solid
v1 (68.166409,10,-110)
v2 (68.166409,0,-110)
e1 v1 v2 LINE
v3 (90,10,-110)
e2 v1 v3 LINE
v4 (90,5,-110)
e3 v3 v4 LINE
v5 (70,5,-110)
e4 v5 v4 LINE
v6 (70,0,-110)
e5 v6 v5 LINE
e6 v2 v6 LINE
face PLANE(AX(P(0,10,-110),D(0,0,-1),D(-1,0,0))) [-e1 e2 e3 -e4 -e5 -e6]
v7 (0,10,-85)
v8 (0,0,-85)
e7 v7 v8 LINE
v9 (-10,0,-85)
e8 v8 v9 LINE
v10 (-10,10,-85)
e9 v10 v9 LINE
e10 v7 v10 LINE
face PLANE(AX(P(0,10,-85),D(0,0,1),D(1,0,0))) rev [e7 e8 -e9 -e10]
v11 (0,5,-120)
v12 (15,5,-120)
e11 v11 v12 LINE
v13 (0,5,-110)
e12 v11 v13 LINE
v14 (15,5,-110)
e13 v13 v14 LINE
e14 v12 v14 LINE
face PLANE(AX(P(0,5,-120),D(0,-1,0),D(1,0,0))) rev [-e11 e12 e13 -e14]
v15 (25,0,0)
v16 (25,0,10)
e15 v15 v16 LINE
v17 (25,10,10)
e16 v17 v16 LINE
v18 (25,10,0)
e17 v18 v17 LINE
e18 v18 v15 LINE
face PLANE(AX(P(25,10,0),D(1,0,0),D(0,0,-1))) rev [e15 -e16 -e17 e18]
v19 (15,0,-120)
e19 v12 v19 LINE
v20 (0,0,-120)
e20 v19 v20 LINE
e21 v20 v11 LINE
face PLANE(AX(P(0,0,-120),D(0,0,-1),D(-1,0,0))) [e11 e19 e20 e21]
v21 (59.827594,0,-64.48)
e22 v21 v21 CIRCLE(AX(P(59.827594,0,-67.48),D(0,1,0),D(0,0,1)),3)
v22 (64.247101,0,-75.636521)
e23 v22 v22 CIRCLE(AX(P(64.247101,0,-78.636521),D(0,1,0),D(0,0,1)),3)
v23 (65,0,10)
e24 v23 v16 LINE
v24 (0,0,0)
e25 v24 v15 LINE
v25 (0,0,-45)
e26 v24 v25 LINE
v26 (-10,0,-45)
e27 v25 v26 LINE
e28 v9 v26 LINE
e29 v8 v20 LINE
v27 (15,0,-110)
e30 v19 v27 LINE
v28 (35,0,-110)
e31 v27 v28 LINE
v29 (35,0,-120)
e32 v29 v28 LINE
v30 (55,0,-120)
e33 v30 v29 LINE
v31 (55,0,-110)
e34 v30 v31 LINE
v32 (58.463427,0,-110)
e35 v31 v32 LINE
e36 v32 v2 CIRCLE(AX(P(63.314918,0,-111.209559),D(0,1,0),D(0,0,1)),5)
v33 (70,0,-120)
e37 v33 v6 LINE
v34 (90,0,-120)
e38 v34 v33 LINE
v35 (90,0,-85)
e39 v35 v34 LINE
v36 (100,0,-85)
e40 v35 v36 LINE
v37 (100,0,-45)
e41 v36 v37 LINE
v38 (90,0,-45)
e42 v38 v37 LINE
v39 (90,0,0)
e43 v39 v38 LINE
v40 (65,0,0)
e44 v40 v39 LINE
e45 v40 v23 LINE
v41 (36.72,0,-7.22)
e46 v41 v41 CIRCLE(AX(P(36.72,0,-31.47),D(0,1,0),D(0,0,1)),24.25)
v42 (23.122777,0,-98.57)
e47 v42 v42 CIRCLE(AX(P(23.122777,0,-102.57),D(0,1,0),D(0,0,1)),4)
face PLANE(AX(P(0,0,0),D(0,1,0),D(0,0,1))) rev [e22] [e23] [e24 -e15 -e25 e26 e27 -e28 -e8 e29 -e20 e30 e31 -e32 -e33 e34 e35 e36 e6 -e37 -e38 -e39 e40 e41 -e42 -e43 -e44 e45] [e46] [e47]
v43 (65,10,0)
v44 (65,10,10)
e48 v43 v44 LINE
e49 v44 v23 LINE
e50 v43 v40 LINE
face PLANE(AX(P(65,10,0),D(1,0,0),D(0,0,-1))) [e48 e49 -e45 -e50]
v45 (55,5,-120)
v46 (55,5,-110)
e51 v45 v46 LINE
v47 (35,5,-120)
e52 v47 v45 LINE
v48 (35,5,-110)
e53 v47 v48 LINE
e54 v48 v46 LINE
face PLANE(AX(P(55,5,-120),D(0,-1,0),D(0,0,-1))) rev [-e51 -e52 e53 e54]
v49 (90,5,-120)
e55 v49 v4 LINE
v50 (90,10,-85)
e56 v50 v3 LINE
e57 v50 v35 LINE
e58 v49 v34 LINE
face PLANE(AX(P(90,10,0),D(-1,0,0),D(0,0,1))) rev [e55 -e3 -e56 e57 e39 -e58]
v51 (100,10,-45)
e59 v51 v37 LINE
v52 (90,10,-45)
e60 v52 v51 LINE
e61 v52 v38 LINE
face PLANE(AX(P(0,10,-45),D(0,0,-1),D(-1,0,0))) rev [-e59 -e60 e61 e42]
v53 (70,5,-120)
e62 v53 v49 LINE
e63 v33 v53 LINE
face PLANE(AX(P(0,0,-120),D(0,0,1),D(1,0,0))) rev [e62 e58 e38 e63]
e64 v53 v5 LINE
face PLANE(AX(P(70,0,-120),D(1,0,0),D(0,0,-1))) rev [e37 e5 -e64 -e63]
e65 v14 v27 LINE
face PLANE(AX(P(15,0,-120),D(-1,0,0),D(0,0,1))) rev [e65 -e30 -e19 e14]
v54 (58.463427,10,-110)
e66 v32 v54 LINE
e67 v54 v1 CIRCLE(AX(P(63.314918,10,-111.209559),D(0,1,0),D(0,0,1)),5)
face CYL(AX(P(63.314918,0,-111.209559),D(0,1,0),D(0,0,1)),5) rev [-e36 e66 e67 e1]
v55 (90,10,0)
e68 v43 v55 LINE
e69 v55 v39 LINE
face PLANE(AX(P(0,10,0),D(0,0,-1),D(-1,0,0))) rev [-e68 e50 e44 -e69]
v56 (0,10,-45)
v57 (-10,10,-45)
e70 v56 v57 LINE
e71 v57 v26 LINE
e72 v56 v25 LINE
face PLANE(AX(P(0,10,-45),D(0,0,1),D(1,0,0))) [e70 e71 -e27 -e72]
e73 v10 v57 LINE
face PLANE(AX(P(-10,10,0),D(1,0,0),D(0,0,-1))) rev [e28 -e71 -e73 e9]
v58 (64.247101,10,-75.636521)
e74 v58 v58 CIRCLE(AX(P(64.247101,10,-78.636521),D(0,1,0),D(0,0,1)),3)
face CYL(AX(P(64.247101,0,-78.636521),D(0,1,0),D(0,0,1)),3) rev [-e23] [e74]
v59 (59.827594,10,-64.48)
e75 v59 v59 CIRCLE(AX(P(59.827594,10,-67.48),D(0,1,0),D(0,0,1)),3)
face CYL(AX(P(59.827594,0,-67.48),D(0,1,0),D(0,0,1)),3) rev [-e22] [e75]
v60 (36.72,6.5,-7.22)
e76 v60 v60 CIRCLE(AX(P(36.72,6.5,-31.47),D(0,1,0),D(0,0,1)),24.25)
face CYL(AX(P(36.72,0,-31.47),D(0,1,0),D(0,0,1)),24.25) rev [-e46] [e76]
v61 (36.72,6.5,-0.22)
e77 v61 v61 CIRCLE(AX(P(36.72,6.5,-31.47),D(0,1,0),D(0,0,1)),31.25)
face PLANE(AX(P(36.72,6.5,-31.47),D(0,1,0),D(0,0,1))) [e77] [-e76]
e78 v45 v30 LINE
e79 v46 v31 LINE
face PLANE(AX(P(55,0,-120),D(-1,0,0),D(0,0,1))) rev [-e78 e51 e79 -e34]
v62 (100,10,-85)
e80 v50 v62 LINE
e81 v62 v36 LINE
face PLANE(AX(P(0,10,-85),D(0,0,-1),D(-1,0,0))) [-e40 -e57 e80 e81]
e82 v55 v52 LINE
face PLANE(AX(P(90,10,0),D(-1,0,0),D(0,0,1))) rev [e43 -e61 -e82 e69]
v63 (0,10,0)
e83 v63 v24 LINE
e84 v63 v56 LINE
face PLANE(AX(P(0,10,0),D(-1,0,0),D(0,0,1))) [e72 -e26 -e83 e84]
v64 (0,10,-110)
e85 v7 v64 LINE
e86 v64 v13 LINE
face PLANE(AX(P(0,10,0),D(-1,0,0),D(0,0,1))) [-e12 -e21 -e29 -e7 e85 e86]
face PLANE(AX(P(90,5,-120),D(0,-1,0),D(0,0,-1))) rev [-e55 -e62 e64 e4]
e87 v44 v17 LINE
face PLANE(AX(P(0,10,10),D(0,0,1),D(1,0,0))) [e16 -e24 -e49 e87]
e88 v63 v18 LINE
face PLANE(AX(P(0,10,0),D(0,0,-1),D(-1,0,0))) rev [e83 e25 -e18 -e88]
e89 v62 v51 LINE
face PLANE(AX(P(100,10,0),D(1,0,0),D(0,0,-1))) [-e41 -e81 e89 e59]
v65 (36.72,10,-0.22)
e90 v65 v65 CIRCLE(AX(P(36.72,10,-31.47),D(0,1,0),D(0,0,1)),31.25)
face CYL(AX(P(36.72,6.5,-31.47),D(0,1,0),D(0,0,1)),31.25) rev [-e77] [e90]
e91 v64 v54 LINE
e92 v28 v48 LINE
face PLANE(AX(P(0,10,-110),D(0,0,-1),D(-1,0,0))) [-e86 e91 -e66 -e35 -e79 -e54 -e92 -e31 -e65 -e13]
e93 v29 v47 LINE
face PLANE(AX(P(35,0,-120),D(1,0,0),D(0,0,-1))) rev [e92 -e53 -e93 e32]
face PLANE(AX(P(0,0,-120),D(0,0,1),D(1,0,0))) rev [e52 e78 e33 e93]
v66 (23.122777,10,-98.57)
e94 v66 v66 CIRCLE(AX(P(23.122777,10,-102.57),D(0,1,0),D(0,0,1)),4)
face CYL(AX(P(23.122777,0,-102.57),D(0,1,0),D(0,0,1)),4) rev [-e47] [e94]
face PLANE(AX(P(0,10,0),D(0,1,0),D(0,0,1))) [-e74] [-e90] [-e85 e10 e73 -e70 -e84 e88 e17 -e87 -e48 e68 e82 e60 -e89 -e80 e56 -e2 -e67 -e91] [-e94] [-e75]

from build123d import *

# Parameters (mm, degrees)
SKETCH1_W           = 90
SKETCH1_H           = 110
SKETCH1_W_2         = 10
SKETCH1_H_2         = 40
SKETCH1_W_3         = 40
SKETCH1_H_3         = 10
BOSS_EXTRUDE1_DEPTH = 10
SKETCH2_R           = 4
CUT_EXTRUDE1_DEPTH  = 149.996644258
CUT_EXTRUDE2_DEPTH  = 149.996644258
SKETCH4_R           = 31.25
CUT_EXTRUDE3_DEPTH  = 3.5
SKETCH5_R           = 24.25
CUT_EXTRUDE4_DEPTH  = 149.802721749
SKETCH6_R           = 5
CUT_EXTRUDE5_DEPTH  = 149.996644258
SKETCH8_W           = 20
SKETCH8_H           = 5
SKETCH8_W_2         = 15
BOSS_EXTRUDE2_DEPTH = 10


with BuildPart() as part:
    # Sketch1 → Boss-Extrude1 (new body)
    with BuildSketch(Plane(origin=(0, 0, 0), x_dir=(1, 0, 0), z_dir=(0, 1, 0))):
        with Locations((45, 55)):
            Rectangle(SKETCH1_W, SKETCH1_H)
        with Locations((-5, 65)):
            Rectangle(SKETCH1_W_2, SKETCH1_H_2)
        with Locations((95, 65)):
            Rectangle(SKETCH1_W_2, SKETCH1_H_2)
        with Locations((45, -5)):
            Rectangle(SKETCH1_W_3, SKETCH1_H_3)
    extrude(amount=BOSS_EXTRUDE1_DEPTH)

    # Sketch2 → Cut-Extrude1 (cut, through all)
    with BuildSketch(Plane(origin=(0, 10, 0), x_dir=(1, 0, 0), z_dir=(0, 1, 0))):
        with Locations(Location((23.122776972, 102.57, 0), (0, 0, 270))):
            Circle(SKETCH2_R)
        with Locations((23.122776972, 120.41)):
            Circle(SKETCH2_R)
    extrude(amount=-CUT_EXTRUDE1_DEPTH, mode=Mode.SUBTRACT)

    # Sketch3 → Cut-Extrude2 (cut, through all)
    with BuildSketch(Plane(origin=(0, 10, 0), x_dir=(1, 0, 0), z_dir=(0, 1, 0))):
        with BuildLine():
            ThreePointArc((65.351977614, 81.42565129), (61.457970709, 79.741397678), (63.142224321, 75.847390774))
            Line((63.142224321, 75.847390774), (65.351977614, 81.42565129))
        make_face()
        with BuildLine():
            Line((65.351977614, 81.42565129), (63.142224321, 75.847390774))
            ThreePointArc((63.142224321, 75.847390774), (65.93312737, 76.155127276), (67.247100967, 78.636521032))
            ThreePointArc((67.247100967, 78.636521032), (66.728494723, 80.322547434), (65.351977614, 81.42565129))
        make_face()
        with BuildLine():
            ThreePointArc((58.722717735, 64.690869742), (61.513620784, 64.998606245), (62.827594381, 67.48))
            Line((62.827594381, 67.48), (59.827594381, 67.48))
            Line((59.827594381, 67.48), (58.722717735, 64.690869742))
        make_face()
        with BuildLine():
            Line((59.827594381, 67.48), (62.827594381, 67.48))
            ThreePointArc((62.827594381, 67.48), (62.308988137, 69.166026403), (60.932471028, 70.269130258))
            Line((60.932471028, 70.269130258), (59.827594381, 67.48))
        make_face()
        with BuildLine():
            Line((58.722717735, 64.690869742), (59.827594381, 67.48))
            Line((59.827594381, 67.48), (56.827594381, 67.48))
            ThreePointArc((56.827594381, 67.48), (57.346200626, 65.793973597), (58.722717735, 64.690869742))
        make_face()
        with BuildLine():
            Line((56.827594381, 67.48), (59.827594381, 67.48))
            Line((59.827594381, 67.48), (60.932471028, 70.269130258))
            ThreePointArc((60.932471028, 70.269130258), (58.141567979, 69.961393755), (56.827594381, 67.48))
        make_face()
    extrude(amount=-CUT_EXTRUDE2_DEPTH, mode=Mode.SUBTRACT)

    # Sketch4 → Cut-Extrude3 (cut)
    with BuildSketch(Plane(origin=(0, 10, 0), x_dir=(1, 0, 0), z_dir=(0, 1, 0))):
        with Locations(Location((36.72, 31.47, 0), (0, 0, 270))):
            Circle(SKETCH4_R)
    extrude(amount=-CUT_EXTRUDE3_DEPTH, mode=Mode.SUBTRACT)

    # Sketch5 → Cut-Extrude4 (cut, through all)
    with BuildSketch(Plane(origin=(0, 6.5, 0), x_dir=(1, 0, 0), z_dir=(0, 1, 0))):
        with Locations(Location((36.72, 31.47, 0), (0, 0, 270))):
            Circle(SKETCH5_R)
    extrude(amount=-CUT_EXTRUDE4_DEPTH, mode=Mode.SUBTRACT)

    # Sketch6 → Cut-Extrude5 (cut, through all)
    with BuildSketch(Plane(origin=(0, 10, 0), x_dir=(1, 0, 0), z_dir=(0, 1, 0))):
        with Locations((63.314917683, 111.209559188)):
            Circle(SKETCH6_R)
    extrude(amount=-CUT_EXTRUDE5_DEPTH, mode=Mode.SUBTRACT)

    # Sketch8 → Boss-Extrude2 (add)
    with BuildSketch(Plane(origin=(0, 0, -110), x_dir=(-1, 0, 0), z_dir=(0, 0, -1))):
        with Locations((-80, 2.5)):
            Rectangle(SKETCH8_W, SKETCH8_H)
        with Locations((-7.5, 2.5)):
            Rectangle(SKETCH8_W_2, SKETCH8_H)
        with Locations((-45, 2.5)):
            Rectangle(SKETCH8_W, SKETCH8_H)
    extrude(amount=BOSS_EXTRUDE2_DEPTH)


solid = part.part
